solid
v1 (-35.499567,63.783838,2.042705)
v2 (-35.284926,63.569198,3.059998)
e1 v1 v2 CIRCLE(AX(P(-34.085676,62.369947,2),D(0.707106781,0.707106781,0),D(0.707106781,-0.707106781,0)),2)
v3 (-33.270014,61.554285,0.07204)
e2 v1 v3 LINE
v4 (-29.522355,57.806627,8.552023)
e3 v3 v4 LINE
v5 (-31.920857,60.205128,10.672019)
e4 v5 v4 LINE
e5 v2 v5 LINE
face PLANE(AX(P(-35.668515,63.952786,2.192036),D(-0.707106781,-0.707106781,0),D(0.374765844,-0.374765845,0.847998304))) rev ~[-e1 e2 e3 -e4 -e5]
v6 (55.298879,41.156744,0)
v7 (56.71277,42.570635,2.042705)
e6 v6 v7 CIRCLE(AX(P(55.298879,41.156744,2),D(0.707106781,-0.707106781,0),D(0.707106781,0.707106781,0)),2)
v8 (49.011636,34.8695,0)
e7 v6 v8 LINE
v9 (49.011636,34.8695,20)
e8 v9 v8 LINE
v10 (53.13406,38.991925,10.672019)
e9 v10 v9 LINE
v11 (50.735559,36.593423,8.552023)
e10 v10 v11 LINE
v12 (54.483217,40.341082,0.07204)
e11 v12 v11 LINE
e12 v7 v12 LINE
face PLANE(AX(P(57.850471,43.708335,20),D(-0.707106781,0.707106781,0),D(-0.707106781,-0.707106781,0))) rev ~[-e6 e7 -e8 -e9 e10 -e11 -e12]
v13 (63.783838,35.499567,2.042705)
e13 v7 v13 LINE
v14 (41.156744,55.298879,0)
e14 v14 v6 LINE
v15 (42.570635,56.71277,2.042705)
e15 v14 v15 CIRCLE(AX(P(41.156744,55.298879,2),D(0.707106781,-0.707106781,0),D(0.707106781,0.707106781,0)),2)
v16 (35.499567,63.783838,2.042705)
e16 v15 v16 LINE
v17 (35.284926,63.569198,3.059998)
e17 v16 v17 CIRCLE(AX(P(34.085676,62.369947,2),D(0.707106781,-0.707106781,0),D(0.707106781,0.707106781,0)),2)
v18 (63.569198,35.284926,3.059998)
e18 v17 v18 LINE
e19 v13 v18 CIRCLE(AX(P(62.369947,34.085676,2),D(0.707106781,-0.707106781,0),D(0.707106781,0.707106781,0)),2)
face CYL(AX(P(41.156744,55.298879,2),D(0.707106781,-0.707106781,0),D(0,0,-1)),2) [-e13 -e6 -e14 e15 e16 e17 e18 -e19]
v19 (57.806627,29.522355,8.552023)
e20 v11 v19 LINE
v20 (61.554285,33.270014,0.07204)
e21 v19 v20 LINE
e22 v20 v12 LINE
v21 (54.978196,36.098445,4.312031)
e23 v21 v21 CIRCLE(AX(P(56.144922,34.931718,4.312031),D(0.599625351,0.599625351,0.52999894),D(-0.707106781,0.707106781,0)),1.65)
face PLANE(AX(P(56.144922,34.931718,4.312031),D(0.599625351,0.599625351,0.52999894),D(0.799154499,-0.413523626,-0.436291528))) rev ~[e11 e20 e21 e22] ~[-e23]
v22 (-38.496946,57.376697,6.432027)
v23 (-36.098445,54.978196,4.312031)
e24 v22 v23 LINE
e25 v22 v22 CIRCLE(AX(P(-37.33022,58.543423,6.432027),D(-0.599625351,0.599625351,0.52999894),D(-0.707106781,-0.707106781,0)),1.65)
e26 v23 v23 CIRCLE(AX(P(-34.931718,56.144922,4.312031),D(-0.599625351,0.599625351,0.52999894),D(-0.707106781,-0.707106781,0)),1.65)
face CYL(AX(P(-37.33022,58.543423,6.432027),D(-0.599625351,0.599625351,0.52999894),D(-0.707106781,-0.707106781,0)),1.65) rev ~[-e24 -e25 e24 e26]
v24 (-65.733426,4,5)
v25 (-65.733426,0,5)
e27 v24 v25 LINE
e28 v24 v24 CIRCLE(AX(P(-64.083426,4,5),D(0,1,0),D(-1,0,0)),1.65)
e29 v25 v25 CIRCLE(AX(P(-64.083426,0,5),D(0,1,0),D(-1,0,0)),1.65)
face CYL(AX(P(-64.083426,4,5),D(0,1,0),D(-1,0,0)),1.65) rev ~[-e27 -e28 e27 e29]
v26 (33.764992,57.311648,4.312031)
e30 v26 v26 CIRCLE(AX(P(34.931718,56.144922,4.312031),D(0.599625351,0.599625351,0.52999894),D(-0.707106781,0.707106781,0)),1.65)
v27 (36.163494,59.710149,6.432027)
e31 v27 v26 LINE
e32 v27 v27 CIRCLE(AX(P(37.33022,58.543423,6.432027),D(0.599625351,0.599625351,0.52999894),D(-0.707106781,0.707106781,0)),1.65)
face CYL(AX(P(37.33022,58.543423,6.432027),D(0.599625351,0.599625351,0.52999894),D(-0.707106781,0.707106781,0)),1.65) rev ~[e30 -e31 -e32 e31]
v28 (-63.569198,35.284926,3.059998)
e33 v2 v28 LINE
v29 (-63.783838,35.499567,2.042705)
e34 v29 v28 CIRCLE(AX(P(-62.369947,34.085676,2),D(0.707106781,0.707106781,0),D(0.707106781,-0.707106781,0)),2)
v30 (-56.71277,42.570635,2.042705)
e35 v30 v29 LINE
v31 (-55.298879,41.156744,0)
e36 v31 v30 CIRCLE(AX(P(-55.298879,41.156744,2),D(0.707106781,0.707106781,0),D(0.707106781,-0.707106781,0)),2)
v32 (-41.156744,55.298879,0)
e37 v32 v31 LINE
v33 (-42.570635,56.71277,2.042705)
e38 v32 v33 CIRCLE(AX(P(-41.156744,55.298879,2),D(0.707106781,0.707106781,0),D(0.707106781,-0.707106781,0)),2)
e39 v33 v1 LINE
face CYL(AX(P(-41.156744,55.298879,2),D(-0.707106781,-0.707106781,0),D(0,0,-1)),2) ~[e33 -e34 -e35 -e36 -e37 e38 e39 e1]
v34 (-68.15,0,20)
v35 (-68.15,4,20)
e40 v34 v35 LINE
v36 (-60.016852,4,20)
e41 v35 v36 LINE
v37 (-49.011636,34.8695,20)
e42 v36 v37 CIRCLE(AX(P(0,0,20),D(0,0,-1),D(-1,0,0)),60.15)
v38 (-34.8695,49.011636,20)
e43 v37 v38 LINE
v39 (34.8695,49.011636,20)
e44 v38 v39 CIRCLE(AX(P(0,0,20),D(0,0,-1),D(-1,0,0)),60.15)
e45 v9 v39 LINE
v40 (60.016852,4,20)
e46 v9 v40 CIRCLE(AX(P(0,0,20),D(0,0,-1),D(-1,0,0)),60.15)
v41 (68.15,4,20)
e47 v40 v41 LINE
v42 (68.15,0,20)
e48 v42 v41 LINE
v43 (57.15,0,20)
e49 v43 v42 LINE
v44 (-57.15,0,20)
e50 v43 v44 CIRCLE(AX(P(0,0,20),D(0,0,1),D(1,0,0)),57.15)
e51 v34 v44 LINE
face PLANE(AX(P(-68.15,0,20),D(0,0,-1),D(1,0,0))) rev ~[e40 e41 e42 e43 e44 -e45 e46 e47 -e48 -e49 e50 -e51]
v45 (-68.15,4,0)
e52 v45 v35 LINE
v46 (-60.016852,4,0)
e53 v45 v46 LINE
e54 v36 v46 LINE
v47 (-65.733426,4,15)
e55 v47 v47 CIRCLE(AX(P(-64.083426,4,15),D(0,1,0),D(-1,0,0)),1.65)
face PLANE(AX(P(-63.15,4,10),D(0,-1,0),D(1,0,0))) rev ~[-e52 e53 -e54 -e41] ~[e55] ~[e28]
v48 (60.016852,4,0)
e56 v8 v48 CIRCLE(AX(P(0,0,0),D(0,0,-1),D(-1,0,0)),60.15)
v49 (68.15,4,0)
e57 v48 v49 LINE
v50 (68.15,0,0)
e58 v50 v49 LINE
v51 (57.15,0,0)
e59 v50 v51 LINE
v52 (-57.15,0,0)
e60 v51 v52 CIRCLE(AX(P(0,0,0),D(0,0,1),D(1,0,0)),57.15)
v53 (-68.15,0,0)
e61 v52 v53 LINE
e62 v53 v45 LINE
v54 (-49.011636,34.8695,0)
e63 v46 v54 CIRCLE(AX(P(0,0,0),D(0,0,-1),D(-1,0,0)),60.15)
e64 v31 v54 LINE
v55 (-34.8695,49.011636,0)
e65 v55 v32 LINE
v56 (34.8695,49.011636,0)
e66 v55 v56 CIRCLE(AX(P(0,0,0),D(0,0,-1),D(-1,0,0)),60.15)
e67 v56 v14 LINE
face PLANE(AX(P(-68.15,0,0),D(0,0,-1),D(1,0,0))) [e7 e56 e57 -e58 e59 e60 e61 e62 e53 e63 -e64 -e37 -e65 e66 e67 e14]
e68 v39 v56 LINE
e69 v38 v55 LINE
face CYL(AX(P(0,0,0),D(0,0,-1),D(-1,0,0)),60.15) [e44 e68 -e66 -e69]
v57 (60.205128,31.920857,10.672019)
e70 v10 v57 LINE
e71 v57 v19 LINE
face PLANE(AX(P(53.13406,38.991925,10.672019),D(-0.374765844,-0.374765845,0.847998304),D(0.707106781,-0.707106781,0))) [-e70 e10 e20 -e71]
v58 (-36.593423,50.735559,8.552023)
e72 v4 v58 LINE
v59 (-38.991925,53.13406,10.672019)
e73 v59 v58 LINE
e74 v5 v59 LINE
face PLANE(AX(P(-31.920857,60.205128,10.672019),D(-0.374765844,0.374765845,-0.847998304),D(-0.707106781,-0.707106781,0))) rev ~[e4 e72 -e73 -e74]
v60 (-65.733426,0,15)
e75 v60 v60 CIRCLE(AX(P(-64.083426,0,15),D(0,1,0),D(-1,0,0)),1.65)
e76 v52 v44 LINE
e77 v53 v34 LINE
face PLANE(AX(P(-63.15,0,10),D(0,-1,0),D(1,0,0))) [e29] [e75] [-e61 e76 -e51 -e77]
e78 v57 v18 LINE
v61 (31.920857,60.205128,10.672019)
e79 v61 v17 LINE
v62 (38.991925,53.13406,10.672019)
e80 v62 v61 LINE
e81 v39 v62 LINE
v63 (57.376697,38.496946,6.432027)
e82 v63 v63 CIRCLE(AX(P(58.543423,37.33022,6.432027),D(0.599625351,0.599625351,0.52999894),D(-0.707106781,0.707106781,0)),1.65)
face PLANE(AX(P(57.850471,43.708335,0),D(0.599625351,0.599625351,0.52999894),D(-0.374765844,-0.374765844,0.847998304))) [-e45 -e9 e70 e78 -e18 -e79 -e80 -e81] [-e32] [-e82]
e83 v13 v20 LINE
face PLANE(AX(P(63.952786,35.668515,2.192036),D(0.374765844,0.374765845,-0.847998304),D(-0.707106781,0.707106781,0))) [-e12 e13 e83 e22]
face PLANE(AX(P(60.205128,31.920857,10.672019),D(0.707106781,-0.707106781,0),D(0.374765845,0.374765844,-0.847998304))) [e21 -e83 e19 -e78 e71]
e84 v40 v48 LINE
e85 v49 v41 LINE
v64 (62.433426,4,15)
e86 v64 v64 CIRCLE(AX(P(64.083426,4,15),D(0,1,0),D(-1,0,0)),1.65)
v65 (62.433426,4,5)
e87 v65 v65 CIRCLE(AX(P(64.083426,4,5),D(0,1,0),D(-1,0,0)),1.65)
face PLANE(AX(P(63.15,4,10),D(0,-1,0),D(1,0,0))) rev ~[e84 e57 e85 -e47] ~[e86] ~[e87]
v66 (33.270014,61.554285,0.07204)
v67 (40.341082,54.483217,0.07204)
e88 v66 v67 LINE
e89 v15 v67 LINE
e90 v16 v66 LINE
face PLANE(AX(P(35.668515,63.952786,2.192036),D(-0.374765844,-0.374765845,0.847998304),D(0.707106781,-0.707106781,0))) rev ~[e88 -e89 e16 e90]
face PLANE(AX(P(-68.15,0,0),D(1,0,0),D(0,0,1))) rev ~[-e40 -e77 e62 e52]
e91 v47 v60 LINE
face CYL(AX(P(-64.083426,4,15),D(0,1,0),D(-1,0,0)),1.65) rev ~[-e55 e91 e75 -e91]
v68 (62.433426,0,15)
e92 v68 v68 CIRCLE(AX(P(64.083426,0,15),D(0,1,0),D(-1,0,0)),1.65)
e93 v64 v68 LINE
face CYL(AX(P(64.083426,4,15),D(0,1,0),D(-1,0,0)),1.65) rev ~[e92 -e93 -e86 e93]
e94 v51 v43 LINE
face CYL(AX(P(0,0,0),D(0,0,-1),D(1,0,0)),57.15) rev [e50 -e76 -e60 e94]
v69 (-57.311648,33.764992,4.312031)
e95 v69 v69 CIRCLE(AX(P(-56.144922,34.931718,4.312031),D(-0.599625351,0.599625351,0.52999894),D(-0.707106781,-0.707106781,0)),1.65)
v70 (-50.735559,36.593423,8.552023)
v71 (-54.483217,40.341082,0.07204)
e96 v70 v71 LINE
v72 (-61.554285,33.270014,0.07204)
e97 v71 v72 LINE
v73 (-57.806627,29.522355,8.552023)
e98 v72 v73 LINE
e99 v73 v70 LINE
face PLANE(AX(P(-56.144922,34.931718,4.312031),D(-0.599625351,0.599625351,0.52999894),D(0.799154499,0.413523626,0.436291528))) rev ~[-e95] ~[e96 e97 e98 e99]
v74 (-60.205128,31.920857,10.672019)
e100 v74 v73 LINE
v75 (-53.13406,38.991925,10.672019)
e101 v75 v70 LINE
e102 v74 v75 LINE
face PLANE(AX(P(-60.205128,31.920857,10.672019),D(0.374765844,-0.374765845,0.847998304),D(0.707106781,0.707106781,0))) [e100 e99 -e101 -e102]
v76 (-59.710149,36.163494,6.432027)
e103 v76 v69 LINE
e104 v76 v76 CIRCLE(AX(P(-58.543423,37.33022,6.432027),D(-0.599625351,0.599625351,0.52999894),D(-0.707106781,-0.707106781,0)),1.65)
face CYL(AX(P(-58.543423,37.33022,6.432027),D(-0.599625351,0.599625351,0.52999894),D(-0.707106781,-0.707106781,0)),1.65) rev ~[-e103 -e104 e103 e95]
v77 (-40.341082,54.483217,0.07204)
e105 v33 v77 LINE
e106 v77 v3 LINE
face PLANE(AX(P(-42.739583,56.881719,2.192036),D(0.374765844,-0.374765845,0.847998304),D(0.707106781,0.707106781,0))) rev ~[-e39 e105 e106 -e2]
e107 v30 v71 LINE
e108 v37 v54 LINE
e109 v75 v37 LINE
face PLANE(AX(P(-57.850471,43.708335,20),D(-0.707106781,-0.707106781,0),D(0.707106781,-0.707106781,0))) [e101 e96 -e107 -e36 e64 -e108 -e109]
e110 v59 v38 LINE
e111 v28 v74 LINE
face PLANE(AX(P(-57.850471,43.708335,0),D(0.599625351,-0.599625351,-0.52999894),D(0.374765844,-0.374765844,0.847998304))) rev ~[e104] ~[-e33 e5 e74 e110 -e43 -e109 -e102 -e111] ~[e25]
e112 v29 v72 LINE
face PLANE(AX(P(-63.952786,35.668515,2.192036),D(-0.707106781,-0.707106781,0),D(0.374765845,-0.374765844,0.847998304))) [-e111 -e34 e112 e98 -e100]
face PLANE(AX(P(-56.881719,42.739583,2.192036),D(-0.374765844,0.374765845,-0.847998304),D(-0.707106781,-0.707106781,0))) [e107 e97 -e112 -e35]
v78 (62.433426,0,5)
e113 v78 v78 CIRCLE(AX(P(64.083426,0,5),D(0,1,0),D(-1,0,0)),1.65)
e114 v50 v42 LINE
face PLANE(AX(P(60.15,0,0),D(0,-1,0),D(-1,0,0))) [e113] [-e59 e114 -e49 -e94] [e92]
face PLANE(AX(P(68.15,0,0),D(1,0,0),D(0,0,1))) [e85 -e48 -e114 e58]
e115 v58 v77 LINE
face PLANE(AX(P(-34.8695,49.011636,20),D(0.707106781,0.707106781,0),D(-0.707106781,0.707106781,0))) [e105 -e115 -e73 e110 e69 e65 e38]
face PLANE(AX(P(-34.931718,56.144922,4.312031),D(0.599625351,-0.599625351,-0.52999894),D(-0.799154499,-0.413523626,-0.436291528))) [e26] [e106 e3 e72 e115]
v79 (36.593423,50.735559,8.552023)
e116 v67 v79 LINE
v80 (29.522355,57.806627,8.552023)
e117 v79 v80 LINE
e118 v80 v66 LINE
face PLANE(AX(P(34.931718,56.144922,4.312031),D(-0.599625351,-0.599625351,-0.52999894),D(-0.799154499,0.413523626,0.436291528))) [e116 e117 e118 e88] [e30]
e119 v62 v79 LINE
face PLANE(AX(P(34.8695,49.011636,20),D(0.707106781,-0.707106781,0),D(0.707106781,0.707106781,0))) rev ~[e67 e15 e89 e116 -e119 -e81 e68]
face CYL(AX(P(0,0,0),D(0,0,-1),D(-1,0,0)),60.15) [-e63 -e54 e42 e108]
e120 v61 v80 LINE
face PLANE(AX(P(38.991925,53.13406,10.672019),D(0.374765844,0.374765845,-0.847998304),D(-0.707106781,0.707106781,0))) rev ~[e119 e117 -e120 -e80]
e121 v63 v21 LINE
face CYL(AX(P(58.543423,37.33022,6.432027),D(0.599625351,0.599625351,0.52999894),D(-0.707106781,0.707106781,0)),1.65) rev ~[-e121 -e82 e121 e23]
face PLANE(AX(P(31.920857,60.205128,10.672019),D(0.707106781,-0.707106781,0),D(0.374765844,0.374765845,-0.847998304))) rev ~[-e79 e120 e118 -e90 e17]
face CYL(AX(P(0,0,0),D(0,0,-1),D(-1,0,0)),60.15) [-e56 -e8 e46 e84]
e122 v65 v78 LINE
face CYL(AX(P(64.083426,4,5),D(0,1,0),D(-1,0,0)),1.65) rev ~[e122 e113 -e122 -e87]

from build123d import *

# Parameters (mm, degrees)
EXTRUDE_1_DEPTH     = 20
EXTRUDE_2_DEPTH     = 20
CUT_EXTRUDE_1_REACH = 99.146
CUT_EXTRUDE_2_REACH = 99.146
EXTRUDE_3_DEPTH     = 4
EXTRUDE_4_DEPTH     = 4
CUT_EXTRUDE_3_REACH = 113.665
SKETCH_8_R          = 1.65
FILLET_1_R          = 2
CUT_EXTRUDE_4_REACH = 113.513
SKETCH_9_R          = 1.65
SKETCH_10_W         = 10
SKETCH_10_H         = 20
EXTRUDE_5_DEPTH     = 4
CUT_EXTRUDE_5_REACH = 94.836
SKETCH_11_R         = 1.65


with BuildPart() as part:
    # ｽｹｯﾁ1 → ﾎﾞｽ - 押し出し1 (new body)
    with BuildSketch(Plane.XY):
        with BuildLine():
            Line((-57.15, 0), (-60.15, 0))
            ThreePointArc((-60.15, 0), (0, 60.15), (60.15, 0))
            Line((60.15, 0), (57.15, 0))
            ThreePointArc((57.15, 0), (0, 57.15), (-57.15, 0))
        make_face()
    extrude(amount=EXTRUDE_1_DEPTH)

    # ｽｹｯﾁ3 → ﾎﾞｽ - 押し出し2 (add)
    with BuildSketch(Plane.XY.offset(20)):
        Polygon((-41.94056807, 41.94056807), (-34.869500258, 49.011635881), (-43.708335023, 57.850470646), (-57.850470646, 43.708335023), (-49.011635881, 34.869500258), align=None)
        Polygon((57.850470646, 43.708335023), (49.011635881, 34.869500258), (41.94056807, 41.94056807), (34.869500258, 49.011635881), (43.708335023, 57.850470646), align=None)
    extrude(amount=-EXTRUDE_2_DEPTH)

    # ｽｹｯﾁ4 → ｶｯﾄ - 押し出し1 (cut, up to next)
    with BuildSketch(Plane(origin=(-7.071067812, -7.071067812, 0), x_dir=(0, 0, 1), z_dir=(-0.7071067811865431, -0.7071067811865519, 0)), mode=Mode.PRIVATE) as cut_extrude_1_sk1:
        Polygon((0, 71.812920178), (20, 59.312920178), (20, 71.812920178), align=None)
    cut_extrude_1_tool1 = extrude(cut_extrude_1_sk1.sketch, amount=-CUT_EXTRUDE_1_REACH, mode=Mode.PRIVATE) & part.part
    add(cut_extrude_1_tool1.solids().sort_by_distance((-54.904192, 40.762057, 13.333333))[0], mode=Mode.SUBTRACT)

    # ｽｹｯﾁ5 → ｶｯﾄ - 押し出し2 (cut, up to next)
    with BuildSketch(Plane(origin=(7.071067812, -7.071067812, 0), x_dir=(0, 0, -1), z_dir=(0.7071067811865431, -0.7071067811865519, 0)), mode=Mode.PRIVATE) as cut_extrude_2_sk1:
        Polygon((0, 71.812920178), (-20, 59.312920178), (-20, 71.812920178), align=None)
    cut_extrude_2_tool1 = extrude(cut_extrude_2_sk1.sketch, amount=-CUT_EXTRUDE_2_REACH, mode=Mode.PRIVATE) & part.part
    add(cut_extrude_2_tool1.solids().sort_by_distance((54.904192, 40.762057, 13.333333))[0], mode=Mode.SUBTRACT)

    # ｽｹｯﾁ6 → ﾎﾞｽ - 押し出し3 (add)
    with BuildSketch(Plane(origin=(-36.515525634, 36.515525634, 32.275469743), x_dir=(0.7991544988642271, 0.4135236263174359, 0.4362915280203637), z_dir=(-0.5996253511966934, 0.5996253511966858, 0.5299989400031792))):
        Polygon((-26.82708742, 25.275306051), (-35.402016678, 20.130348497), (-30.257059123, 11.55541924), (-21.682129866, 16.700376794), align=None)
        Polygon((4.042657905, 32.135249457), (-4.532271352, 26.990291903), (-9.677228906, 35.56522116), (-1.102299649, 40.710178714), align=None)
    extrude(amount=-EXTRUDE_3_DEPTH)

    # ｽｹｯﾁ7 → ﾎﾞｽ - 押し出し4 (add)
    with BuildSketch(Plane(origin=(36.515525634, 36.515525634, 32.275469743), x_dir=(0.7991544988642272, -0.41352362631743567, -0.43629152802036364), z_dir=(0.5996253511966931, 0.5996253511966856, 0.5299989400031795))):
        Polygon((9.677228906, 35.56522116), (4.532271352, 26.990291903), (-4.042657905, 32.135249457), (1.102299649, 40.710178714), align=None)
        Polygon((30.257059123, 11.55541924), (35.402016678, 20.130348497), (26.82708742, 25.275306051), (21.682129866, 16.700376794), align=None)
    extrude(amount=-EXTRUDE_4_DEPTH)

    # ｽｹｯﾁ8 → ｶｯﾄ - 押し出し3 (cut, up to next)
    with BuildSketch(Plane(origin=(36.515525634, 36.515525634, 32.275469743), x_dir=(0.7991544988642272, -0.41352362631743567, -0.43629152802036364), z_dir=(0.5996253511966931, 0.5996253511966856, 0.5299989400031795)), mode=Mode.PRIVATE) as cut_extrude_3_sk1:
        with Locations(Location((2.817285501, 33.850235308, 0), (0, 0, 149.036243468))):
            Circle(SKETCH_8_R)
    cut_extrude_3_tool1 = extrude(cut_extrude_3_sk1.sketch, amount=-CUT_EXTRUDE_3_REACH, mode=Mode.PRIVATE) & part.part
    # ｽｹｯﾁ8 → ｶｯﾄ - 押し出し3 (cut, up to next)
    with BuildSketch(Plane(origin=(36.515525634, 36.515525634, 32.275469743), x_dir=(0.7991544988642272, -0.41352362631743567, -0.43629152802036364), z_dir=(0.5996253511966931, 0.5996253511966856, 0.5299989400031795)), mode=Mode.PRIVATE) as cut_extrude_3_sk2:
        with Locations(Location((28.542073272, 18.415362646, 0), (0, 0, 149.036243468))):
            Circle(SKETCH_8_R)
    cut_extrude_3_tool2 = extrude(cut_extrude_3_sk2.sketch, amount=-CUT_EXTRUDE_3_REACH, mode=Mode.PRIVATE) & part.part
    add(cut_extrude_3_tool1.solids().sort_by_distance((37.33022, 58.543423, 6.432027))[0], mode=Mode.SUBTRACT)
    add(cut_extrude_3_tool2.solids().sort_by_distance((58.543423, 37.33022, 6.432027))[0], mode=Mode.SUBTRACT)

    # ﾌｨﾚｯﾄ1
    fillet_1_edges = [part.edges().sort_by_distance(p)[0] for p in [
        (50.779402834, 50.779402834, 0),
        (-50.779402834, 50.779402834, 0),
    ]]
    fillet(fillet_1_edges, radius=FILLET_1_R)

    # ｽｹｯﾁ9 → ｶｯﾄ - 押し出し4 (cut, up to next)
    with BuildSketch(Plane(origin=(-36.515525634, 36.515525634, 32.275469743), x_dir=(0.7991544988642271, 0.4135236263174359, 0.4362915280203637), z_dir=(-0.5996253511966934, 0.5996253511966858, 0.5299989400031792)), mode=Mode.PRIVATE) as cut_extrude_4_sk1:
        with Locations(Location((-2.817285501, 33.850235308, 0), (0, 0, 210.963756532))):
            Circle(SKETCH_9_R)
    cut_extrude_4_tool1 = extrude(cut_extrude_4_sk1.sketch, amount=-CUT_EXTRUDE_4_REACH, mode=Mode.PRIVATE) & part.part
    # ｽｹｯﾁ9 → ｶｯﾄ - 押し出し4 (cut, up to next)
    with BuildSketch(Plane(origin=(-36.515525634, 36.515525634, 32.275469743), x_dir=(0.7991544988642271, 0.4135236263174359, 0.4362915280203637), z_dir=(-0.5996253511966934, 0.5996253511966858, 0.5299989400031792)), mode=Mode.PRIVATE) as cut_extrude_4_sk2:
        with Locations(Location((-28.542073272, 18.415362646, 0), (0, 0, 210.963756532))):
            Circle(SKETCH_9_R)
    cut_extrude_4_tool2 = extrude(cut_extrude_4_sk2.sketch, amount=-CUT_EXTRUDE_4_REACH, mode=Mode.PRIVATE) & part.part
    add(cut_extrude_4_tool1.solids().sort_by_distance((-37.33022, 58.543423, 6.432027))[0], mode=Mode.SUBTRACT)
    add(cut_extrude_4_tool2.solids().sort_by_distance((-58.543423, 37.33022, 6.432027))[0], mode=Mode.SUBTRACT)

    # ｽｹｯﾁ10 → ﾎﾞｽ - 押し出し5 (add)
    with BuildSketch(Plane.XZ):
        with Locations((-63.15, 10)):
            Rectangle(SKETCH_10_W, SKETCH_10_H)
        with Locations((63.15, 10)):
            Rectangle(SKETCH_10_W, SKETCH_10_H)
    extrude(amount=-EXTRUDE_5_DEPTH)

    # ｽｹｯﾁ11 → ｶｯﾄ - 押し出し5 (cut, up to next)
    with BuildSketch(Plane(origin=(0, 4, 0), x_dir=(1, 0, 0), z_dir=(0, 1, 0)), mode=Mode.PRIVATE) as cut_extrude_5_sk1:
        with Locations(Location((64.0834259, -5, 0), (0, 0, 180))):
            Circle(SKETCH_11_R)
    cut_extrude_5_tool1 = extrude(cut_extrude_5_sk1.sketch, amount=-CUT_EXTRUDE_5_REACH, mode=Mode.PRIVATE) & part.part
    # ｽｹｯﾁ11 → ｶｯﾄ - 押し出し5 (cut, up to next)
    with BuildSketch(Plane(origin=(0, 4, 0), x_dir=(1, 0, 0), z_dir=(0, 1, 0)), mode=Mode.PRIVATE) as cut_extrude_5_sk2:
        with Locations(Location((64.0834259, -15, 0), (0, 0, 180))):
            Circle(SKETCH_11_R)
    cut_extrude_5_tool2 = extrude(cut_extrude_5_sk2.sketch, amount=-CUT_EXTRUDE_5_REACH, mode=Mode.PRIVATE) & part.part
    # ｽｹｯﾁ11 → ｶｯﾄ - 押し出し5 (cut, up to next)
    with BuildSketch(Plane(origin=(0, 4, 0), x_dir=(1, 0, 0), z_dir=(0, 1, 0)), mode=Mode.PRIVATE) as cut_extrude_5_sk3:
        with Locations(Location((-64.0834259, -15, 0), (0, 0, 180))):
            Circle(SKETCH_11_R)
    cut_extrude_5_tool3 = extrude(cut_extrude_5_sk3.sketch, amount=-CUT_EXTRUDE_5_REACH, mode=Mode.PRIVATE) & part.part
    # ｽｹｯﾁ11 → ｶｯﾄ - 押し出し5 (cut, up to next)
    with BuildSketch(Plane(origin=(0, 4, 0), x_dir=(1, 0, 0), z_dir=(0, 1, 0)), mode=Mode.PRIVATE) as cut_extrude_5_sk4:
        with Locations(Location((-64.0834259, -5, 0), (0, 0, 180))):
            Circle(SKETCH_11_R)
    cut_extrude_5_tool4 = extrude(cut_extrude_5_sk4.sketch, amount=-CUT_EXTRUDE_5_REACH, mode=Mode.PRIVATE) & part.part
    add(cut_extrude_5_tool1.solids().sort_by_distance((64.083426, 4, 5))[0], mode=Mode.SUBTRACT)
    add(cut_extrude_5_tool2.solids().sort_by_distance((64.083426, 4, 15))[0], mode=Mode.SUBTRACT)
    add(cut_extrude_5_tool3.solids().sort_by_distance((-64.083426, 4, 15))[0], mode=Mode.SUBTRACT)
    add(cut_extrude_5_tool4.solids().sort_by_distance((-64.083426, 4, 5))[0], mode=Mode.SUBTRACT)


solid = part.part
